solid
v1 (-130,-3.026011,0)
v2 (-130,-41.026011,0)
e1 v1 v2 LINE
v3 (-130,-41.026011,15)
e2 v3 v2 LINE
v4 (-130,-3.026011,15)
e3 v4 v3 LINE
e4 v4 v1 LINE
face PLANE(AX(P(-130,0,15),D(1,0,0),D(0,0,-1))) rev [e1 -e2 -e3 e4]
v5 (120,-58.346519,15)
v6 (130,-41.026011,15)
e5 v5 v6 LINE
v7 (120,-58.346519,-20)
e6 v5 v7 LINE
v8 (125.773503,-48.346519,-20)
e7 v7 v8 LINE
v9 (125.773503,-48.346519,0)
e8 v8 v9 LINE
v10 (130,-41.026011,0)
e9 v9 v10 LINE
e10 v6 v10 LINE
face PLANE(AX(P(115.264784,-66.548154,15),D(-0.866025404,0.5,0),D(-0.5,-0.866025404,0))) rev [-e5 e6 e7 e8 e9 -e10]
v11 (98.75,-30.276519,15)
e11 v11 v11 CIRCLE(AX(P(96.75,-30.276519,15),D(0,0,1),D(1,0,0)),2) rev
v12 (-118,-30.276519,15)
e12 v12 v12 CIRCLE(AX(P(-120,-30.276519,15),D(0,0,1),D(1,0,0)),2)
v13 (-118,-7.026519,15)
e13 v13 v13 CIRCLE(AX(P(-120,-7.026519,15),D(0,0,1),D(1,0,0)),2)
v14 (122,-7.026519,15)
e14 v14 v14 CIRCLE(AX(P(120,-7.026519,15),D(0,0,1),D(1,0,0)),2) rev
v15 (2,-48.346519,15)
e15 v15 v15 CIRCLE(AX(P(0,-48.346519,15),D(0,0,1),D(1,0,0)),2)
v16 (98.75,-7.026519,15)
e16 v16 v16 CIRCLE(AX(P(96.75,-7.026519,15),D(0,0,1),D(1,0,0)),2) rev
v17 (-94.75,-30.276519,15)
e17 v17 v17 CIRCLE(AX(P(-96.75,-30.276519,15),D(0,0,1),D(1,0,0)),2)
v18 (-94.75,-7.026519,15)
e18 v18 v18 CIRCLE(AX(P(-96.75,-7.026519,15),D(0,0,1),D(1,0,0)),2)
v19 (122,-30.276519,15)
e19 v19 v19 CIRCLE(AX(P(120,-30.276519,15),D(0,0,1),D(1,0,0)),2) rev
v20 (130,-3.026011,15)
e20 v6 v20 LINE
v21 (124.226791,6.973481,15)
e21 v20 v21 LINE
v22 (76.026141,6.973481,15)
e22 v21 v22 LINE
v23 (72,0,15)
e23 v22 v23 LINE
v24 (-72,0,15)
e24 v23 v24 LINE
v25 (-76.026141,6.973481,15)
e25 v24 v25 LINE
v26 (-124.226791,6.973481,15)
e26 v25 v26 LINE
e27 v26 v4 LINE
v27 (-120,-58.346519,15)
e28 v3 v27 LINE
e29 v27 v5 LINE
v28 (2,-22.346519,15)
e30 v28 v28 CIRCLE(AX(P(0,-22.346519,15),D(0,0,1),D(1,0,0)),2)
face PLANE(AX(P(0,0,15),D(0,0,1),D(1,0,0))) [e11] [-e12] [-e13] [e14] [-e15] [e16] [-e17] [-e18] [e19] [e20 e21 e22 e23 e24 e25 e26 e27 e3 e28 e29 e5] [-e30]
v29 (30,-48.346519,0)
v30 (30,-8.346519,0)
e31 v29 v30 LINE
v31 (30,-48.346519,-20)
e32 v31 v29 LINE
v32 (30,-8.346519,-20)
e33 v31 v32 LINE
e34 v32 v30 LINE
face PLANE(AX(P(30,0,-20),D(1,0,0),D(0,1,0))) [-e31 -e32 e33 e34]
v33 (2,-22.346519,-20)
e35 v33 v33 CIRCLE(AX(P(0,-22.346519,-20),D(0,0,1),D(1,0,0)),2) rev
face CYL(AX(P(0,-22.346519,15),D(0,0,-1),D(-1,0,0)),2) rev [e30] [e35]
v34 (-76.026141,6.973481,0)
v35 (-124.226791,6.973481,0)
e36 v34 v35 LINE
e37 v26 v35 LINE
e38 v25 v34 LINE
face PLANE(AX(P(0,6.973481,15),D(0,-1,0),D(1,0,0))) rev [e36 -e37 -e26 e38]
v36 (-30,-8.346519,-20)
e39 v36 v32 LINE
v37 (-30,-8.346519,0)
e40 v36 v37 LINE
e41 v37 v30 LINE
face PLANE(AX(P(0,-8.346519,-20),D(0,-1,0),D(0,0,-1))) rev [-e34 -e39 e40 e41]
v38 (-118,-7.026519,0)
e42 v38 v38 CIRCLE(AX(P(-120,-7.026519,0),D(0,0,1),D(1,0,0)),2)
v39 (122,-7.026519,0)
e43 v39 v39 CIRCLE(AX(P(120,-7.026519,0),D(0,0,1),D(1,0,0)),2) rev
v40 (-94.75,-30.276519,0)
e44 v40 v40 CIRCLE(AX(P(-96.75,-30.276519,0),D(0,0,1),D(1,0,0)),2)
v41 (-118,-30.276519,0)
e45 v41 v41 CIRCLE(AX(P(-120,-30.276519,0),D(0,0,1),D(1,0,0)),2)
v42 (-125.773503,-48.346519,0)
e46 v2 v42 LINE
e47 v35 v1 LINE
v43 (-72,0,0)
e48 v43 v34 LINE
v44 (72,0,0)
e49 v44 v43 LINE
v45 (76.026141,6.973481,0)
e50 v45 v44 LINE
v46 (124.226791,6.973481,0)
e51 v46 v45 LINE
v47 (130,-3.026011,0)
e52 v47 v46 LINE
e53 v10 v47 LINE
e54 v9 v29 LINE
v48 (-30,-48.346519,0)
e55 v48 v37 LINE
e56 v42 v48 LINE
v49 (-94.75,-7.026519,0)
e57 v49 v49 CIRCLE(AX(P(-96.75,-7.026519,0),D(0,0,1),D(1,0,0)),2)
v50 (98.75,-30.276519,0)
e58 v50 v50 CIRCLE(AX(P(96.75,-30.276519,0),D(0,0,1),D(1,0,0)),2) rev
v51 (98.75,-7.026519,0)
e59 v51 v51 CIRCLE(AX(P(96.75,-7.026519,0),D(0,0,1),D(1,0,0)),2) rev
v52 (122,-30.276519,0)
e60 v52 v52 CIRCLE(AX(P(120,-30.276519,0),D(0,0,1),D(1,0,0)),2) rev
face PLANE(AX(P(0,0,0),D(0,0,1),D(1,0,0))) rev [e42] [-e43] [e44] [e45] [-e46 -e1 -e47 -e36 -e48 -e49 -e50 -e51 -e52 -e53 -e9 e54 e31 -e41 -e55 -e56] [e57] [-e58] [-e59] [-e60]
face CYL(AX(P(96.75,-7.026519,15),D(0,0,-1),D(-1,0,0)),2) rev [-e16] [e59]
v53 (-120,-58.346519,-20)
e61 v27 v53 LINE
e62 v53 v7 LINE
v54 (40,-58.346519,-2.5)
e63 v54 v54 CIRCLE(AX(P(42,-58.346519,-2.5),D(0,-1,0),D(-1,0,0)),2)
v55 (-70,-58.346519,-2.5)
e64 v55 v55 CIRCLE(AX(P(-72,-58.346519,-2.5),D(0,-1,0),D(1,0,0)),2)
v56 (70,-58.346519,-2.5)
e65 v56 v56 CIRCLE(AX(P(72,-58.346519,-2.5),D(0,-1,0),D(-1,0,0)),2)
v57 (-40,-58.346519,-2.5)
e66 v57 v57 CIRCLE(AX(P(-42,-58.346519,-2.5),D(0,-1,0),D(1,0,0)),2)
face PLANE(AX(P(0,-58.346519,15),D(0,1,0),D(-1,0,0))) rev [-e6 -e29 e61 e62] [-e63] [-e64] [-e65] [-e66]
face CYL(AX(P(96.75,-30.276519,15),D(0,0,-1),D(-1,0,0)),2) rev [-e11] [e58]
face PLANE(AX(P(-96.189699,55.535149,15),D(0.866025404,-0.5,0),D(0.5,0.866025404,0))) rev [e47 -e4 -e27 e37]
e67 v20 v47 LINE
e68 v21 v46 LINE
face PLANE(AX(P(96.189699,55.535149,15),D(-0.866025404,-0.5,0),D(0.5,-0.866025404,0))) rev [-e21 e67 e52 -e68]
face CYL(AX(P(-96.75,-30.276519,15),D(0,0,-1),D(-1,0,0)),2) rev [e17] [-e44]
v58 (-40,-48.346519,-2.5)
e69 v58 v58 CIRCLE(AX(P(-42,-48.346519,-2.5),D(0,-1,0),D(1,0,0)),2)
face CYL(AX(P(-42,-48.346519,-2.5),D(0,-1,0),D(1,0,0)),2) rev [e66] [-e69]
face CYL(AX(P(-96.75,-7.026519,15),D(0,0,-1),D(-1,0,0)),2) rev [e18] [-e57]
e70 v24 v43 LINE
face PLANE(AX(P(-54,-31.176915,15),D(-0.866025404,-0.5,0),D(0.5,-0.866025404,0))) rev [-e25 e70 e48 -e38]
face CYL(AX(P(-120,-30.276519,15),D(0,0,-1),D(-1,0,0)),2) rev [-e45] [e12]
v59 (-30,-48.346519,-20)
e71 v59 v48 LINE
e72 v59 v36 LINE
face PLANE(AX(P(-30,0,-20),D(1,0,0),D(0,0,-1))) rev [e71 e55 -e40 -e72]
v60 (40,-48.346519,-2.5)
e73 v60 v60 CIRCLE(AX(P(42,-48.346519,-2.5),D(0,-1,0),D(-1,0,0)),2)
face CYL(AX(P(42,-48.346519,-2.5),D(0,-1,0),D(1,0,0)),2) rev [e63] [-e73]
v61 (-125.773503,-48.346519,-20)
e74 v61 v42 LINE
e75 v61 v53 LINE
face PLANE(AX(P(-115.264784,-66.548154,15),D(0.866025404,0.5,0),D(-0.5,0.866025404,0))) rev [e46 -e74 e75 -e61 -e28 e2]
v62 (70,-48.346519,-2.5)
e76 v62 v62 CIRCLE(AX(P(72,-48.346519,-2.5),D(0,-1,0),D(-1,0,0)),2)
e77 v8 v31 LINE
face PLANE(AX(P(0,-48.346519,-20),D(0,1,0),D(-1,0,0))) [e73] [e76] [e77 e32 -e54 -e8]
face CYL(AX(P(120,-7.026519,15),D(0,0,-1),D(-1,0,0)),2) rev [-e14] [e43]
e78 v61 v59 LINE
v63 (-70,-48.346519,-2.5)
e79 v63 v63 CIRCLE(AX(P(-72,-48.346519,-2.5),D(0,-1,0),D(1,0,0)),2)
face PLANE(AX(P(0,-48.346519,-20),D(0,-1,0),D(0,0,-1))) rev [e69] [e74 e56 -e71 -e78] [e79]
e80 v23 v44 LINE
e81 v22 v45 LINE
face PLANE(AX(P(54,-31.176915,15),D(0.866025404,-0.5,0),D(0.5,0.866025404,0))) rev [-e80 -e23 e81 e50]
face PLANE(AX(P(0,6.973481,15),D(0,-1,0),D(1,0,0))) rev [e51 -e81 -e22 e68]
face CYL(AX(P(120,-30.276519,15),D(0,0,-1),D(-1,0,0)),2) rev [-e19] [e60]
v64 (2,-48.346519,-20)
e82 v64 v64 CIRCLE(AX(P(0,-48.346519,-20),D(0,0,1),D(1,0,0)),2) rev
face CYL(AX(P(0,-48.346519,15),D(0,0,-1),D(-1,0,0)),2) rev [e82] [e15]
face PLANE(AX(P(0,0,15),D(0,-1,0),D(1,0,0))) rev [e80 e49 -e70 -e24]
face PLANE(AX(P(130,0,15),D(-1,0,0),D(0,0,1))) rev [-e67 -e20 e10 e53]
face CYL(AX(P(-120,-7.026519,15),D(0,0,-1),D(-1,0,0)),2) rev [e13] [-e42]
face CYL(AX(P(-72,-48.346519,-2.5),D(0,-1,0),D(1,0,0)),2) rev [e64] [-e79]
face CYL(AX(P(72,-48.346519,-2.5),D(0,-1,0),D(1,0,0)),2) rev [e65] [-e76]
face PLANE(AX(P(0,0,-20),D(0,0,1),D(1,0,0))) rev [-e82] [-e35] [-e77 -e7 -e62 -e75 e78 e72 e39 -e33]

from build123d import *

# Parameters (mm, degrees)
SKETCH1_R           = 2
BOSS_EXTRUDE1_DEPTH = 15
BOSS_EXTRUDE2_START = -35
SKETCH2_R           = 2
BOSS_EXTRUDE2_DEPTH = 35
SKETCH4_R           = 2
CUT_EXTRUDE1_DEPTH  = 10


with BuildPart() as part:
    # Sketch1 → Boss-Extrude1 (new body)
    with BuildSketch(Plane.XY):
        Polygon((130, -41.026010691), (130, -3.026010691), (124.226790646, 6.973481233), (76.026141267, 6.973481233), (72, 0), (-72, 0), (-76.026141267, 6.973481233), (-124.226790646, 6.973481233), (-130, -3.026010691), (-130, -41.026010691), (-120, -58.346518767), (120, -58.346518767), align=None)
        with Locations((-120, -7.026518767)):
            Circle(SKETCH1_R, mode=Mode.SUBTRACT)
        with Locations((-96.75, -7.026518767)):
            Circle(SKETCH1_R, mode=Mode.SUBTRACT)
        with Locations((-96.75, -30.276518767)):
            Circle(SKETCH1_R, mode=Mode.SUBTRACT)
        with Locations((-120, -30.276518767)):
            Circle(SKETCH1_R, mode=Mode.SUBTRACT)
        with Locations((120, -7.026518767)):
            Circle(SKETCH1_R, mode=Mode.SUBTRACT)
        with Locations((120, -30.276518767)):
            Circle(SKETCH1_R, mode=Mode.SUBTRACT)
        with Locations((96.75, -7.026518767)):
            Circle(SKETCH1_R, mode=Mode.SUBTRACT)
        with Locations((96.75, -30.276518767)):
            Circle(SKETCH1_R, mode=Mode.SUBTRACT)
        with Locations((0, -48.346518767)):
            Circle(SKETCH1_R, mode=Mode.SUBTRACT)
        with Locations((0, -22.346518767)):
            Circle(SKETCH1_R, mode=Mode.SUBTRACT)
    extrude(amount=BOSS_EXTRUDE1_DEPTH)

    # Sketch2 → Boss-Extrude2 (add)
    with BuildSketch(Plane.XY.offset(15).offset(BOSS_EXTRUDE2_START)):
        Polygon((-125.773502692, -48.346518767), (-120, -58.346518767), (120, -58.346518767), (125.773502692, -48.346518767), (30, -48.346518767), (30, -8.346518767), (-30, -8.346518767), (-30, -48.346518767), align=None)
        with Locations((0, -48.346518767)):
            Circle(SKETCH2_R, mode=Mode.SUBTRACT)
        with Locations((0, -22.346518767)):
            Circle(SKETCH2_R, mode=Mode.SUBTRACT)
    extrude(amount=BOSS_EXTRUDE2_DEPTH)

    # Sketch4 → Cut-Extrude1 (cut)
    with BuildSketch(Plane.XZ.offset(58.346518767)):
        with Locations((-72, -2.5)):
            Circle(SKETCH4_R)
        with Locations((-42, -2.5)):
            Circle(SKETCH4_R)
        with Locations(Location((42, -2.5, 0), (0, 0, 180))):
            Circle(SKETCH4_R)
        with Locations(Location((72, -2.5, 0), (0, 0, 180))):
            Circle(SKETCH4_R)
    extrude(amount=-CUT_EXTRUDE1_DEPTH, mode=Mode.SUBTRACT)


solid = part.part
